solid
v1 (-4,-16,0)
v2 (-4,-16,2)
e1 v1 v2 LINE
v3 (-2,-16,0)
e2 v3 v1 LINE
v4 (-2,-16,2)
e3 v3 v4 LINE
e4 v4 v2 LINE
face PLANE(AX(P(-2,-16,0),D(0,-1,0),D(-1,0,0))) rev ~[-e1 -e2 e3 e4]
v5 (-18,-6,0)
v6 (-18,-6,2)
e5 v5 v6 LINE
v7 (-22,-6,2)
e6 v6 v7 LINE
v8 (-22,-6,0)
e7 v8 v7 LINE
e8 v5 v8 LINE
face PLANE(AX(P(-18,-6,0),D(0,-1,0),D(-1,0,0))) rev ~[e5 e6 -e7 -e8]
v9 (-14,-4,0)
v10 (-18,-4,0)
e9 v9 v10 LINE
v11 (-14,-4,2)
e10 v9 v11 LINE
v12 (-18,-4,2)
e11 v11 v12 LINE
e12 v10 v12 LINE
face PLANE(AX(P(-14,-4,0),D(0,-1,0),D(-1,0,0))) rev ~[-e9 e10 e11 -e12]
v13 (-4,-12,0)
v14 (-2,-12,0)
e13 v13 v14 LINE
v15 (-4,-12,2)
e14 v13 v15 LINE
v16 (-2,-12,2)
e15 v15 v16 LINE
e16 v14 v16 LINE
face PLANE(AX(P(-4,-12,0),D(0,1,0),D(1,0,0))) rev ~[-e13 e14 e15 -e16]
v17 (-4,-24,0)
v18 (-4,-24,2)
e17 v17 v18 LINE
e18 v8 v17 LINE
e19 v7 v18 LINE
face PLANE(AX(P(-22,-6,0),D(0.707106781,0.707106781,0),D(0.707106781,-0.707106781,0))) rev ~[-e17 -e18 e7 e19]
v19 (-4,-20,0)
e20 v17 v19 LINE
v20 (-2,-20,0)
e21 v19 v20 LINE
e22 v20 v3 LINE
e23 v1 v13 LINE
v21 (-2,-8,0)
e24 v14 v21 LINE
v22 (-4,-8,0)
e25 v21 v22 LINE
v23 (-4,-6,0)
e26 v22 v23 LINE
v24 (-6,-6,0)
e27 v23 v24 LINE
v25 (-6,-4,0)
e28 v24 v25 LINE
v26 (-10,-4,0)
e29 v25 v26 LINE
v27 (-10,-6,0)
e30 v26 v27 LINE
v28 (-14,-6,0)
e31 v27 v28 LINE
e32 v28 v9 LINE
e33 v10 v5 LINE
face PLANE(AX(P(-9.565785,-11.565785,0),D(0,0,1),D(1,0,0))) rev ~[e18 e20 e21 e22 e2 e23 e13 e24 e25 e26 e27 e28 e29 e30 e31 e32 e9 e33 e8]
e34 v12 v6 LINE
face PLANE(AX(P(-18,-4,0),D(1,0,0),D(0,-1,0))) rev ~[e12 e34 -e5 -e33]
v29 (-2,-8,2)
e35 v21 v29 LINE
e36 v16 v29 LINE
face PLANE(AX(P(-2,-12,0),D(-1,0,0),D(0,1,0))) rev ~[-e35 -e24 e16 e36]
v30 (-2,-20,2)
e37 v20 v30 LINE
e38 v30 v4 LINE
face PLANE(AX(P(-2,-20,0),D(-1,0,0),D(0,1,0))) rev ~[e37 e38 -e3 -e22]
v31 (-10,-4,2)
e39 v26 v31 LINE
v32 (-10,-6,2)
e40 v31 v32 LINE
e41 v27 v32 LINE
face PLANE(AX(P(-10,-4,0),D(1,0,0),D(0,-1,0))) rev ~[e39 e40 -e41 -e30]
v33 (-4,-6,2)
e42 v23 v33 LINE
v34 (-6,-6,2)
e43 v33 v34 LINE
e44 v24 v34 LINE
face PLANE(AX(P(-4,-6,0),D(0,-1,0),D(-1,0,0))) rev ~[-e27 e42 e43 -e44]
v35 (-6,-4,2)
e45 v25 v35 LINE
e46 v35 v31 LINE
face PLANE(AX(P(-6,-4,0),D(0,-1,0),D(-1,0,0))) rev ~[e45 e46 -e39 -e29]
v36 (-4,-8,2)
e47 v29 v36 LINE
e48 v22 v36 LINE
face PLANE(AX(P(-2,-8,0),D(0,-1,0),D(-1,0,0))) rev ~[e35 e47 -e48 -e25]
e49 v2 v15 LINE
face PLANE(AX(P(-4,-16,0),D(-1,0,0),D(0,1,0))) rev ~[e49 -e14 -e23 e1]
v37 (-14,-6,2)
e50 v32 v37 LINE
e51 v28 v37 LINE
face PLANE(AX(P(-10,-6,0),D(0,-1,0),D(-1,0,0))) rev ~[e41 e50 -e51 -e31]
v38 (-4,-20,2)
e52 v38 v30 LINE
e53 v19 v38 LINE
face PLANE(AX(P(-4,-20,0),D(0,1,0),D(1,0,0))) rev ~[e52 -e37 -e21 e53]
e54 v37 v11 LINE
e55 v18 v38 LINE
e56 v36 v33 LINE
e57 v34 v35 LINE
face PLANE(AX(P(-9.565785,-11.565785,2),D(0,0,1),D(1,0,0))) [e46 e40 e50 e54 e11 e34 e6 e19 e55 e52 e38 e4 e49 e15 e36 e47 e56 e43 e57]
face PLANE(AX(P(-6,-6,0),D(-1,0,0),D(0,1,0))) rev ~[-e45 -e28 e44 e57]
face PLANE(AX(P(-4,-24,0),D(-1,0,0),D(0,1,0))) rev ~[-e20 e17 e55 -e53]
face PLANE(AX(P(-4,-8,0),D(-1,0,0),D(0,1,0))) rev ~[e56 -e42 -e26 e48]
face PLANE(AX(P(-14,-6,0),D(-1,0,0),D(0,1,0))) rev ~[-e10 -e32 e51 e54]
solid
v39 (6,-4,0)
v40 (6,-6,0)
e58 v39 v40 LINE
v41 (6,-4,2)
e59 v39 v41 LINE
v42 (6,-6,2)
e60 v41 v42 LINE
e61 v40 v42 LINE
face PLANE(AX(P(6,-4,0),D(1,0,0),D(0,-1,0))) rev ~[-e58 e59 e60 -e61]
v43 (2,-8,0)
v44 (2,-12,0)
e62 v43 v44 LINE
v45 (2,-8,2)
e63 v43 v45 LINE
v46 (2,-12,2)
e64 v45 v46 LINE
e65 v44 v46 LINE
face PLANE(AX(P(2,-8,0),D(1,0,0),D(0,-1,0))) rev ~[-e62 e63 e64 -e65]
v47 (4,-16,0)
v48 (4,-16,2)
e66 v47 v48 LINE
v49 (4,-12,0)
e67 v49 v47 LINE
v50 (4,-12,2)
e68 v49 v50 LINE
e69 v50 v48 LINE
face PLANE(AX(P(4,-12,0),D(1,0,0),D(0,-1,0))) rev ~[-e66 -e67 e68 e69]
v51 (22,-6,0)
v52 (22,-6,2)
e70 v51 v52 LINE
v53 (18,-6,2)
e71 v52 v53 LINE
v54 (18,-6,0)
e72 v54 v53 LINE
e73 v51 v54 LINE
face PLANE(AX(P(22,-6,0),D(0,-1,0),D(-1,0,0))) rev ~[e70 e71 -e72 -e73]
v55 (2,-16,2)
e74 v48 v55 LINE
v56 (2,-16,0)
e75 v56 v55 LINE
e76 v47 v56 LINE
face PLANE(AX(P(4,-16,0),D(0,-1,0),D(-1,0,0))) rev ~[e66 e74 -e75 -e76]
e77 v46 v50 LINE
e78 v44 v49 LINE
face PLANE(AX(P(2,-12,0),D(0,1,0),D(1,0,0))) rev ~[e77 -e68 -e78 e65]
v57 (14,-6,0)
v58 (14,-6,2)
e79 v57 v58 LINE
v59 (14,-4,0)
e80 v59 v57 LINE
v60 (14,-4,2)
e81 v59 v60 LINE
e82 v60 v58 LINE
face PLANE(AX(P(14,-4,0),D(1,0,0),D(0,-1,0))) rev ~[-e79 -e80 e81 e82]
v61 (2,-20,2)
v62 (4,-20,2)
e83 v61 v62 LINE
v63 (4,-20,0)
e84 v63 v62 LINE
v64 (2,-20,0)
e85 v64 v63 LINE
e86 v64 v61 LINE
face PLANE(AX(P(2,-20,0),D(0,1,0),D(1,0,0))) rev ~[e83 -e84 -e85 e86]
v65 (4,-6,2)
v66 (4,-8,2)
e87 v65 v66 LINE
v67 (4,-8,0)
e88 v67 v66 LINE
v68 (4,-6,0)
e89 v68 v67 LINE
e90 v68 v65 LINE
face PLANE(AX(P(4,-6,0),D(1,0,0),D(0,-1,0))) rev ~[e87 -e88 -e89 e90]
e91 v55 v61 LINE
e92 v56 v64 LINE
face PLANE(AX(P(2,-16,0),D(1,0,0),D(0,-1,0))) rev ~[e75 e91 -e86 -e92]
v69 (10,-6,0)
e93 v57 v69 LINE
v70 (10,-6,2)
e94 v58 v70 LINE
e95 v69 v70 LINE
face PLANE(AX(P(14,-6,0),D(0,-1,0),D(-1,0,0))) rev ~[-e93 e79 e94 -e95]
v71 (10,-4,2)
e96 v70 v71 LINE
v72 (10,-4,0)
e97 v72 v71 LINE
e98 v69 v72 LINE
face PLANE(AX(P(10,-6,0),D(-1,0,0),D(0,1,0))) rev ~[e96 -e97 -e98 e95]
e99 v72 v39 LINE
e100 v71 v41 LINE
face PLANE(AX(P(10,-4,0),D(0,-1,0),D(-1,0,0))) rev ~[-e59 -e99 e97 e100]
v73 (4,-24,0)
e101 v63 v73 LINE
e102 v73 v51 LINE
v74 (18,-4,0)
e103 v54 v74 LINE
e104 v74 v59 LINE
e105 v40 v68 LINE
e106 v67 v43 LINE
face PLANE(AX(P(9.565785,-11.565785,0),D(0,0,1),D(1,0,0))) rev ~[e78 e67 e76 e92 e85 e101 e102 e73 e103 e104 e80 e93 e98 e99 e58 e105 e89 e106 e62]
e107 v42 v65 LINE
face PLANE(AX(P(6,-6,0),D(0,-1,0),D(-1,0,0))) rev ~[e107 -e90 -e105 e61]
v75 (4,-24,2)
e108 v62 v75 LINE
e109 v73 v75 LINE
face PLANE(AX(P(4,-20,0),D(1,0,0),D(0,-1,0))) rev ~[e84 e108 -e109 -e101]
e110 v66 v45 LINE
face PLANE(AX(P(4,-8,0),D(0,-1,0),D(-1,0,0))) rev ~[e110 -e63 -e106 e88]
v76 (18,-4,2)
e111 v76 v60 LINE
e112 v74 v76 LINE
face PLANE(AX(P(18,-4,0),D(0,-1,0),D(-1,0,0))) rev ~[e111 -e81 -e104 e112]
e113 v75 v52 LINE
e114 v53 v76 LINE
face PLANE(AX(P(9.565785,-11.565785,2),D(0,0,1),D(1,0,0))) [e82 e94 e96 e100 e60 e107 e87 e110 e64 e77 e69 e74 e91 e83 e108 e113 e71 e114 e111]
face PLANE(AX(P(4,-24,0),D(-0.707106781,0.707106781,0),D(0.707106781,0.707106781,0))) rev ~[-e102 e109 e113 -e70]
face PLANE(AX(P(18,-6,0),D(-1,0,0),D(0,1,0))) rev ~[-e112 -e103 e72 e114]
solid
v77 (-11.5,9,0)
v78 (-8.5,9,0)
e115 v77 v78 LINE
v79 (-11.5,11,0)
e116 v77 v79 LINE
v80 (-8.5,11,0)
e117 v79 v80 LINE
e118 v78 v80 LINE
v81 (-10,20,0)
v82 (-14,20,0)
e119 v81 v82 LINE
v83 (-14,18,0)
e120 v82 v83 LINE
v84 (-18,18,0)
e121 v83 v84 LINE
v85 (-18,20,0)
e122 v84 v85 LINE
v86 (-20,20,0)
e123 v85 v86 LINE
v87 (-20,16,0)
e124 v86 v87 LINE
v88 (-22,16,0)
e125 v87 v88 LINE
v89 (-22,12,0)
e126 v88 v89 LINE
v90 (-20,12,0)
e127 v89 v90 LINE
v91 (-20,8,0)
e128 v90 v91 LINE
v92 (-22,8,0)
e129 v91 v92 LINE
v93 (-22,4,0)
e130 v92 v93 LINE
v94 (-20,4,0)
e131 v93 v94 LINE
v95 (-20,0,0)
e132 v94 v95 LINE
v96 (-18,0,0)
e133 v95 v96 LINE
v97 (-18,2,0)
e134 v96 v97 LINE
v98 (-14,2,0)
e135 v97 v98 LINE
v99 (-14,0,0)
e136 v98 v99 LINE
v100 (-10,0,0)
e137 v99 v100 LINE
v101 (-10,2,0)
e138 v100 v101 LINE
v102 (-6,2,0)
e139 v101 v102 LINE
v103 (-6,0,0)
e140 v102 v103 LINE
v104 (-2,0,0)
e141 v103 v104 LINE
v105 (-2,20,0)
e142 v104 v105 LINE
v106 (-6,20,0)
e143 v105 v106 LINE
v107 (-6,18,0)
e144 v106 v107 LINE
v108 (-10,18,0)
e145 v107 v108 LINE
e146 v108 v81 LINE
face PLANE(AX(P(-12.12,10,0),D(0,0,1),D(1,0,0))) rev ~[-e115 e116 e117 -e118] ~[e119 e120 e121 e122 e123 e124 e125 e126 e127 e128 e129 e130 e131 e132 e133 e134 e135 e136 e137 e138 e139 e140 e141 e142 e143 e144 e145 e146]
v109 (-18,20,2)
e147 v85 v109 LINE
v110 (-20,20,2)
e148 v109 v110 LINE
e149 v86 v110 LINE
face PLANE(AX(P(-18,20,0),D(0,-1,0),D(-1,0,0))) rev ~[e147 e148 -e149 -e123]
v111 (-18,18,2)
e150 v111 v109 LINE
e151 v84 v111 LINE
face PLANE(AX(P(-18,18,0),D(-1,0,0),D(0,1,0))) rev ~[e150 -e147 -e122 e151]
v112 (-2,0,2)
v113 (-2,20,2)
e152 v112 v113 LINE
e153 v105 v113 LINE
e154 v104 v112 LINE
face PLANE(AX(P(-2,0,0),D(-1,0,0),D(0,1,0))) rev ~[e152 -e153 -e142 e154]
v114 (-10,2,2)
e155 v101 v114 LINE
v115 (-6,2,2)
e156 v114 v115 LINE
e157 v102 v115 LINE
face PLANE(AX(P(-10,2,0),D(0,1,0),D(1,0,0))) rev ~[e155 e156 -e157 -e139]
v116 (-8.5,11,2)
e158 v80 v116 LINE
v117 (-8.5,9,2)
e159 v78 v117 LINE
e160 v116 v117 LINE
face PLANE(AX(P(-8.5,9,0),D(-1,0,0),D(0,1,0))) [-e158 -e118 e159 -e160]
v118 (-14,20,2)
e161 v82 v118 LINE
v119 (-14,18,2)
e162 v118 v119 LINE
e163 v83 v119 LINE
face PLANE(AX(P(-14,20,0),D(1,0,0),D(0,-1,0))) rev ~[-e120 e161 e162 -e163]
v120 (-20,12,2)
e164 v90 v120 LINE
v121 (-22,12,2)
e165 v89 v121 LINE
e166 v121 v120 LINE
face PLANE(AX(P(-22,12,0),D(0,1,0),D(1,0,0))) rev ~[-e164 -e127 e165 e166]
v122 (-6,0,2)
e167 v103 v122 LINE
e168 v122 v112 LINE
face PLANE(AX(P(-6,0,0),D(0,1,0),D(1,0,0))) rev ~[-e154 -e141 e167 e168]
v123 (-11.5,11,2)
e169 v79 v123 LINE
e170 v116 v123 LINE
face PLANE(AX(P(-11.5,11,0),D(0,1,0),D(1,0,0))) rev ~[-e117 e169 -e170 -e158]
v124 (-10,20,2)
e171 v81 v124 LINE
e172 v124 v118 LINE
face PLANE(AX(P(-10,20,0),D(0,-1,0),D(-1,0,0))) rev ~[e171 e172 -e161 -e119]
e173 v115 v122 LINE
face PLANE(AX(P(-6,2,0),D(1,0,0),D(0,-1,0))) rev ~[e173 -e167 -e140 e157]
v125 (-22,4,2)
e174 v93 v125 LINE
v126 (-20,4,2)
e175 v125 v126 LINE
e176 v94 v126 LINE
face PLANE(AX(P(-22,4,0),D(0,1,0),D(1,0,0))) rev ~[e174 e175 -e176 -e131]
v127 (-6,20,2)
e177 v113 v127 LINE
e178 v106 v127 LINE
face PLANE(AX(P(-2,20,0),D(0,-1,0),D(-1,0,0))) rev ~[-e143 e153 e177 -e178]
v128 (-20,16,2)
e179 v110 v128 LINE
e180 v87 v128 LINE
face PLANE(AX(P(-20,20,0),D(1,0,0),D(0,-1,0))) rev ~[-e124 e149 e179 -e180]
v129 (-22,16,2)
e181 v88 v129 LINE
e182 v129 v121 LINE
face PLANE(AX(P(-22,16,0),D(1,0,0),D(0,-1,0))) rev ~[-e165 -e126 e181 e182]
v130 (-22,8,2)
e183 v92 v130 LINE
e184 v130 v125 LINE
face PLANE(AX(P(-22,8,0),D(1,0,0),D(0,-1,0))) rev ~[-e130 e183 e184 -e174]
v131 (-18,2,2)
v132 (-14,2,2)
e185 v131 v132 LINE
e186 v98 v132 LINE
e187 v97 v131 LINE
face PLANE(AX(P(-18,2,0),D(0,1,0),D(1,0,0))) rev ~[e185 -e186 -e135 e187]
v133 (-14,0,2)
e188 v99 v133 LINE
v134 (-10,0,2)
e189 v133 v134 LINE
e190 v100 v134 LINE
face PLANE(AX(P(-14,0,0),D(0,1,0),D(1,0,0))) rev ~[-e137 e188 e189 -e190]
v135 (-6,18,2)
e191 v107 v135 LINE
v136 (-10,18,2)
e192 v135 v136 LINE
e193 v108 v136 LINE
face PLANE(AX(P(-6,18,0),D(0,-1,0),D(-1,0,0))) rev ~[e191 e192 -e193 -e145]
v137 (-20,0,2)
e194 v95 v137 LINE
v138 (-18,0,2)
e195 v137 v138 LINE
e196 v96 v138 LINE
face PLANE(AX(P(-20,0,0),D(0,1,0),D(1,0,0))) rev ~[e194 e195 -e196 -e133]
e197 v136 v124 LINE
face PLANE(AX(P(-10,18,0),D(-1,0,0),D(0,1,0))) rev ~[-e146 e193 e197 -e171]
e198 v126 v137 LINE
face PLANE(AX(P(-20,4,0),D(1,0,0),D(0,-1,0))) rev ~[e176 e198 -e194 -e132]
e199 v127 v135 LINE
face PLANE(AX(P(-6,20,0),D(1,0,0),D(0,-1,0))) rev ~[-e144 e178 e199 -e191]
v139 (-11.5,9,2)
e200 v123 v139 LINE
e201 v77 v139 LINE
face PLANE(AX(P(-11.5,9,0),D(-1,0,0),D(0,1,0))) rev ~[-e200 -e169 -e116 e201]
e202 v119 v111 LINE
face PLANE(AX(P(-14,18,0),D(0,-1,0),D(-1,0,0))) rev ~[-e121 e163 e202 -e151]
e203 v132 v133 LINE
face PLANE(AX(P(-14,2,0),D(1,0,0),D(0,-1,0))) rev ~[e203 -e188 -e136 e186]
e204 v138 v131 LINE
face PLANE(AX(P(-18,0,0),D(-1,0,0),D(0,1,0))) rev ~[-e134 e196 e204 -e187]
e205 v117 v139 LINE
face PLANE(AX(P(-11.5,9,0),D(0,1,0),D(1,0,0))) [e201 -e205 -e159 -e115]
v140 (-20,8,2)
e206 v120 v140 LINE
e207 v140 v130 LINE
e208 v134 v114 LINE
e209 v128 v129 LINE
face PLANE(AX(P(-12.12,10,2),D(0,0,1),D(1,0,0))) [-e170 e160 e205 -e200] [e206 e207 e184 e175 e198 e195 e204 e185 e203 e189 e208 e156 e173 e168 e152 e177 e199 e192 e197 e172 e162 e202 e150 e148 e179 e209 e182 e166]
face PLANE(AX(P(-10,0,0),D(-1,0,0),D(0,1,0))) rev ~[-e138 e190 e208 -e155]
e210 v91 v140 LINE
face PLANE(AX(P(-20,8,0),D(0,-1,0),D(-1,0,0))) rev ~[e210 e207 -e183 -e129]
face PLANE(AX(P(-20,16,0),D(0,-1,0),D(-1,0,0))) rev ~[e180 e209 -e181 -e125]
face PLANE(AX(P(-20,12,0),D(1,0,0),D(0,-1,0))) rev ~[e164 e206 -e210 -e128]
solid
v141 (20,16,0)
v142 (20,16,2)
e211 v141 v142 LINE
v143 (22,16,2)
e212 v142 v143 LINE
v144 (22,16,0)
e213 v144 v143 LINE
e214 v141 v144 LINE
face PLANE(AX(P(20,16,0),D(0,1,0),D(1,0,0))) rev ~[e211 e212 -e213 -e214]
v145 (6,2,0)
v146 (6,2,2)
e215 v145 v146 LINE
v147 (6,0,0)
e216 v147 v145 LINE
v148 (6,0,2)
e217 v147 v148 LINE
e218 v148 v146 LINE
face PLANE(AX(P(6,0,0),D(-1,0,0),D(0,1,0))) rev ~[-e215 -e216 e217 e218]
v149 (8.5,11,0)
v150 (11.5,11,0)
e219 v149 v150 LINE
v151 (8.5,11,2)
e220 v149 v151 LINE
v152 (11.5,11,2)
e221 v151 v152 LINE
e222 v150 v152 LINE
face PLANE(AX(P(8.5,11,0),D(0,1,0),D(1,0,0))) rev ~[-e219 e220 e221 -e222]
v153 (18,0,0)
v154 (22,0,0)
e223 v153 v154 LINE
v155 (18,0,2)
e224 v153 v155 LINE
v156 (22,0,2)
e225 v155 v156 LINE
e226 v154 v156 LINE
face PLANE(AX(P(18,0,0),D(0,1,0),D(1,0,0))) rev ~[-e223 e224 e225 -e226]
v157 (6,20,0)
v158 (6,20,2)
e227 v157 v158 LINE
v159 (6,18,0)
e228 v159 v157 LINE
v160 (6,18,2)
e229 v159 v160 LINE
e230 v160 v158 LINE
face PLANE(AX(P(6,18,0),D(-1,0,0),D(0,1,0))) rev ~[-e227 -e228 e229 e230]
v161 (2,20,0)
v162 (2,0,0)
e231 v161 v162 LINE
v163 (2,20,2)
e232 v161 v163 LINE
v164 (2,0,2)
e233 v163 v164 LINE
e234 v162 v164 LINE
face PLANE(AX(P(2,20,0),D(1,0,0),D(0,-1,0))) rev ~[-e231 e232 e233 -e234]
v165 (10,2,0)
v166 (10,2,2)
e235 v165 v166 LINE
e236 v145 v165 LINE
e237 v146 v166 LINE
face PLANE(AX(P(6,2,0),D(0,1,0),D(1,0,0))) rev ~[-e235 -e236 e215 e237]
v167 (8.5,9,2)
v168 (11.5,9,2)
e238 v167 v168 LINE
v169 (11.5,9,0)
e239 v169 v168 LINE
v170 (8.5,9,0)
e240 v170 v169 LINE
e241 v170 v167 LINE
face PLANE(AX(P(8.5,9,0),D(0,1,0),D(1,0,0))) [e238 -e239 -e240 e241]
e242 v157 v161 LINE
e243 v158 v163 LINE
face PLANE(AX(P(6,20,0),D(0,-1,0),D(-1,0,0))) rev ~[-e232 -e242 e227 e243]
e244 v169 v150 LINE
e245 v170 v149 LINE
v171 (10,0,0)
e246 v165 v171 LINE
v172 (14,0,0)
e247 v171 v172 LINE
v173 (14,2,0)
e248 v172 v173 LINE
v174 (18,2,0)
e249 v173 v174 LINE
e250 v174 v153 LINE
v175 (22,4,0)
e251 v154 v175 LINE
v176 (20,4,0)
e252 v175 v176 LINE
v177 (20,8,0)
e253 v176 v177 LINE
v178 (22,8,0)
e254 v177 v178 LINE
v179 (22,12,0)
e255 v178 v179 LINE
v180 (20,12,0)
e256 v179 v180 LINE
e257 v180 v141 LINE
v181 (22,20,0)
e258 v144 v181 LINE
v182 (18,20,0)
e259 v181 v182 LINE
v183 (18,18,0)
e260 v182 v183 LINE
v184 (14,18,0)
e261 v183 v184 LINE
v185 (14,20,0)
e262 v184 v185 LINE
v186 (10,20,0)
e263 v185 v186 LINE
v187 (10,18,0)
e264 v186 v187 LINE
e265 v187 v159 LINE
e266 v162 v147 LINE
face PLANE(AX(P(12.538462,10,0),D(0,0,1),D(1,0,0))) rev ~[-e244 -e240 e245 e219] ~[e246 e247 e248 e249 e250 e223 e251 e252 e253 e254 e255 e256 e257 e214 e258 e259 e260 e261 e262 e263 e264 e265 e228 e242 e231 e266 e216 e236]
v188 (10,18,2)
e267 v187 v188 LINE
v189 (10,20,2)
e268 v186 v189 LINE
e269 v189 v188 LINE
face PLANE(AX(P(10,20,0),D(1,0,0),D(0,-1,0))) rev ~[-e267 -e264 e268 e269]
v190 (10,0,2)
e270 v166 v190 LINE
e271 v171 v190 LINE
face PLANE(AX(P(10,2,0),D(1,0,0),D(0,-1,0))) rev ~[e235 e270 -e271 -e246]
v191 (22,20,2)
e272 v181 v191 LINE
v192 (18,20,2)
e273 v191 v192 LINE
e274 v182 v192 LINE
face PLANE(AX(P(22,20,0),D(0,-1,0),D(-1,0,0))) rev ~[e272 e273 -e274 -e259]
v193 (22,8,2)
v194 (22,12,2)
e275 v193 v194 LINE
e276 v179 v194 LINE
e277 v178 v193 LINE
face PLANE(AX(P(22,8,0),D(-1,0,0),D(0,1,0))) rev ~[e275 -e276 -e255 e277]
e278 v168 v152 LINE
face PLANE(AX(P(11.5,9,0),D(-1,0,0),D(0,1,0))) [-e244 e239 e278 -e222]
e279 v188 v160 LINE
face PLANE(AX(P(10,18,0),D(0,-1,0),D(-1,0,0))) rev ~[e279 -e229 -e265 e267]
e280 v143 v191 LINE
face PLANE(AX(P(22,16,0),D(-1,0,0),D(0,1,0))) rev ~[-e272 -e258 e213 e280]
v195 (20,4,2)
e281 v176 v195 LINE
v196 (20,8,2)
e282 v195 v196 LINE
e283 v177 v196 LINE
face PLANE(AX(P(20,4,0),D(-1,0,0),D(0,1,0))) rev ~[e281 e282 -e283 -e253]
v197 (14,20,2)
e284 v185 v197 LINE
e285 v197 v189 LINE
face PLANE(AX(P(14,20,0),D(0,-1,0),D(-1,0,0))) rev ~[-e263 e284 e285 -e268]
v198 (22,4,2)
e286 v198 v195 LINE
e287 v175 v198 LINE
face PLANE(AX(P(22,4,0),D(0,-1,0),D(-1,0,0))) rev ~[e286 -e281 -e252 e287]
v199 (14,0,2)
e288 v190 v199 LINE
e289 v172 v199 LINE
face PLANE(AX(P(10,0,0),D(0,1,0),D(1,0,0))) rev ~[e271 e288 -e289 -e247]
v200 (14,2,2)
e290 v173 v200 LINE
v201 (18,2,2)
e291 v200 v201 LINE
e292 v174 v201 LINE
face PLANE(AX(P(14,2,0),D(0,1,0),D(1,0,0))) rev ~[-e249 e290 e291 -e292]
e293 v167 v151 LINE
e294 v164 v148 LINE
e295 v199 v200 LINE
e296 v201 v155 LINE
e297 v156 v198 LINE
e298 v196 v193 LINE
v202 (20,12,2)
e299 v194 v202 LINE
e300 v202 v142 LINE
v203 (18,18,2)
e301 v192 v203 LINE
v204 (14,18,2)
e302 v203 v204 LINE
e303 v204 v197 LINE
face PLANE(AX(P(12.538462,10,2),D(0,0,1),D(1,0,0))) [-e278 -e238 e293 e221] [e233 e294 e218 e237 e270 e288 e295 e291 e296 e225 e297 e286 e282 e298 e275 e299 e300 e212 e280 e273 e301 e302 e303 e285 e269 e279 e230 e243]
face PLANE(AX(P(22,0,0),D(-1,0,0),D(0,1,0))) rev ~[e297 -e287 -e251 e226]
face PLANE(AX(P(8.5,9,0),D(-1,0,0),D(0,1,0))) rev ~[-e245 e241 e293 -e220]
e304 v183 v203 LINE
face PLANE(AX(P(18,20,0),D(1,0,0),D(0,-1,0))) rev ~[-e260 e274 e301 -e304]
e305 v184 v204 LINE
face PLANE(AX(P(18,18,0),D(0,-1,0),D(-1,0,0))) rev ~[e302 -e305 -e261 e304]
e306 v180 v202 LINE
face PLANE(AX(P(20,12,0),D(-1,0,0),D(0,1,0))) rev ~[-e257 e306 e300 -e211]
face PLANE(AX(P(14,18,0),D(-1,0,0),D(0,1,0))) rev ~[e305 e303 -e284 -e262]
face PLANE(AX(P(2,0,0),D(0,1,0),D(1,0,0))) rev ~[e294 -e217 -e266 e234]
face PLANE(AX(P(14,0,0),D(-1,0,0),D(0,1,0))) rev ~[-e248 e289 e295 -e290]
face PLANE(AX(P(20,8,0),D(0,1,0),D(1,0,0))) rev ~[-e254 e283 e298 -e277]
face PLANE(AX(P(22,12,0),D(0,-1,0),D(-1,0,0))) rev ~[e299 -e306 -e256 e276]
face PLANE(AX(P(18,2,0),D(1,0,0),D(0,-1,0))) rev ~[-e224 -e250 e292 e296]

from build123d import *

# Parameters (mm, degrees)
F0_DEPTH = 2
F1_W     = 3
F1_H     = 2
F4_DEPTH = 2
F2_DEPTH = 25


with BuildPart() as f0:
    # F3 (on Top) → F0 (new body)
    with BuildSketch(Plane.XY):
        Polygon((-6, 0), (-2, 0), (-2, 20), (-6, 20), (-6, 18), (-10, 18), (-10, 20), (-14, 20), (-14, 18), (-18, 18), (-18, 20), (-20, 20), (-20, 16), (-22, 16), (-22, 12), (-20, 12), (-20, 8), (-22, 8), (-22, 4), (-20, 4), (-20, 0), (-18, 0), (-18, 2), (-14, 2), (-14, 0), (-10, 0), (-10, 2), (-6, 2), align=None)
        Polygon((2, 20), (2, 0), (6, 0), (6, 2), (10, 2), (10, 0), (14, 0), (14, 2), (18, 2), (18, 0), (22, 0), (22, 4), (20, 4), (20, 8), (22, 8), (22, 12), (20, 12), (20, 16), (22, 16), (22, 20), (18, 20), (18, 18), (14, 18), (14, 20), (10, 20), (10, 18), (6, 18), (6, 20), align=None)
        Polygon((-4, -8), (-4, -6), (-6, -6), (-6, -4), (-10, -4), (-10, -6), (-14, -6), (-14, -4), (-18, -4), (-18, -6), (-22, -6), (-4, -24), (-4, -20), (-2, -20), (-2, -16), (-4, -16), (-4, -12), (-2, -12), (-2, -8), align=None)
        Polygon((6, -6), (4, -6), (4, -8), (2, -8), (2, -12), (4, -12), (4, -16), (2, -16), (2, -20), (4, -20), (4, -24), (22, -6), (18, -6), (18, -4), (14, -4), (14, -6), (10, -6), (10, -4), (6, -4), align=None)
    extrude(amount=F0_DEPTH)

    # F1 (on Top) → F4 (cut)
    with BuildSketch(Plane.XY):
        with Locations((10, 10)):
            Rectangle(F1_W, F1_H)
    extrude(amount=F4_DEPTH, mode=Mode.SUBTRACT)

    # F1 (on Top) → F2 (cut)
    with BuildSketch(Plane.XY):
        with Locations((-10, 10)):
            Rectangle(F1_W, F1_H)
    extrude(amount=F2_DEPTH, mode=Mode.SUBTRACT)


solid = f0.part
